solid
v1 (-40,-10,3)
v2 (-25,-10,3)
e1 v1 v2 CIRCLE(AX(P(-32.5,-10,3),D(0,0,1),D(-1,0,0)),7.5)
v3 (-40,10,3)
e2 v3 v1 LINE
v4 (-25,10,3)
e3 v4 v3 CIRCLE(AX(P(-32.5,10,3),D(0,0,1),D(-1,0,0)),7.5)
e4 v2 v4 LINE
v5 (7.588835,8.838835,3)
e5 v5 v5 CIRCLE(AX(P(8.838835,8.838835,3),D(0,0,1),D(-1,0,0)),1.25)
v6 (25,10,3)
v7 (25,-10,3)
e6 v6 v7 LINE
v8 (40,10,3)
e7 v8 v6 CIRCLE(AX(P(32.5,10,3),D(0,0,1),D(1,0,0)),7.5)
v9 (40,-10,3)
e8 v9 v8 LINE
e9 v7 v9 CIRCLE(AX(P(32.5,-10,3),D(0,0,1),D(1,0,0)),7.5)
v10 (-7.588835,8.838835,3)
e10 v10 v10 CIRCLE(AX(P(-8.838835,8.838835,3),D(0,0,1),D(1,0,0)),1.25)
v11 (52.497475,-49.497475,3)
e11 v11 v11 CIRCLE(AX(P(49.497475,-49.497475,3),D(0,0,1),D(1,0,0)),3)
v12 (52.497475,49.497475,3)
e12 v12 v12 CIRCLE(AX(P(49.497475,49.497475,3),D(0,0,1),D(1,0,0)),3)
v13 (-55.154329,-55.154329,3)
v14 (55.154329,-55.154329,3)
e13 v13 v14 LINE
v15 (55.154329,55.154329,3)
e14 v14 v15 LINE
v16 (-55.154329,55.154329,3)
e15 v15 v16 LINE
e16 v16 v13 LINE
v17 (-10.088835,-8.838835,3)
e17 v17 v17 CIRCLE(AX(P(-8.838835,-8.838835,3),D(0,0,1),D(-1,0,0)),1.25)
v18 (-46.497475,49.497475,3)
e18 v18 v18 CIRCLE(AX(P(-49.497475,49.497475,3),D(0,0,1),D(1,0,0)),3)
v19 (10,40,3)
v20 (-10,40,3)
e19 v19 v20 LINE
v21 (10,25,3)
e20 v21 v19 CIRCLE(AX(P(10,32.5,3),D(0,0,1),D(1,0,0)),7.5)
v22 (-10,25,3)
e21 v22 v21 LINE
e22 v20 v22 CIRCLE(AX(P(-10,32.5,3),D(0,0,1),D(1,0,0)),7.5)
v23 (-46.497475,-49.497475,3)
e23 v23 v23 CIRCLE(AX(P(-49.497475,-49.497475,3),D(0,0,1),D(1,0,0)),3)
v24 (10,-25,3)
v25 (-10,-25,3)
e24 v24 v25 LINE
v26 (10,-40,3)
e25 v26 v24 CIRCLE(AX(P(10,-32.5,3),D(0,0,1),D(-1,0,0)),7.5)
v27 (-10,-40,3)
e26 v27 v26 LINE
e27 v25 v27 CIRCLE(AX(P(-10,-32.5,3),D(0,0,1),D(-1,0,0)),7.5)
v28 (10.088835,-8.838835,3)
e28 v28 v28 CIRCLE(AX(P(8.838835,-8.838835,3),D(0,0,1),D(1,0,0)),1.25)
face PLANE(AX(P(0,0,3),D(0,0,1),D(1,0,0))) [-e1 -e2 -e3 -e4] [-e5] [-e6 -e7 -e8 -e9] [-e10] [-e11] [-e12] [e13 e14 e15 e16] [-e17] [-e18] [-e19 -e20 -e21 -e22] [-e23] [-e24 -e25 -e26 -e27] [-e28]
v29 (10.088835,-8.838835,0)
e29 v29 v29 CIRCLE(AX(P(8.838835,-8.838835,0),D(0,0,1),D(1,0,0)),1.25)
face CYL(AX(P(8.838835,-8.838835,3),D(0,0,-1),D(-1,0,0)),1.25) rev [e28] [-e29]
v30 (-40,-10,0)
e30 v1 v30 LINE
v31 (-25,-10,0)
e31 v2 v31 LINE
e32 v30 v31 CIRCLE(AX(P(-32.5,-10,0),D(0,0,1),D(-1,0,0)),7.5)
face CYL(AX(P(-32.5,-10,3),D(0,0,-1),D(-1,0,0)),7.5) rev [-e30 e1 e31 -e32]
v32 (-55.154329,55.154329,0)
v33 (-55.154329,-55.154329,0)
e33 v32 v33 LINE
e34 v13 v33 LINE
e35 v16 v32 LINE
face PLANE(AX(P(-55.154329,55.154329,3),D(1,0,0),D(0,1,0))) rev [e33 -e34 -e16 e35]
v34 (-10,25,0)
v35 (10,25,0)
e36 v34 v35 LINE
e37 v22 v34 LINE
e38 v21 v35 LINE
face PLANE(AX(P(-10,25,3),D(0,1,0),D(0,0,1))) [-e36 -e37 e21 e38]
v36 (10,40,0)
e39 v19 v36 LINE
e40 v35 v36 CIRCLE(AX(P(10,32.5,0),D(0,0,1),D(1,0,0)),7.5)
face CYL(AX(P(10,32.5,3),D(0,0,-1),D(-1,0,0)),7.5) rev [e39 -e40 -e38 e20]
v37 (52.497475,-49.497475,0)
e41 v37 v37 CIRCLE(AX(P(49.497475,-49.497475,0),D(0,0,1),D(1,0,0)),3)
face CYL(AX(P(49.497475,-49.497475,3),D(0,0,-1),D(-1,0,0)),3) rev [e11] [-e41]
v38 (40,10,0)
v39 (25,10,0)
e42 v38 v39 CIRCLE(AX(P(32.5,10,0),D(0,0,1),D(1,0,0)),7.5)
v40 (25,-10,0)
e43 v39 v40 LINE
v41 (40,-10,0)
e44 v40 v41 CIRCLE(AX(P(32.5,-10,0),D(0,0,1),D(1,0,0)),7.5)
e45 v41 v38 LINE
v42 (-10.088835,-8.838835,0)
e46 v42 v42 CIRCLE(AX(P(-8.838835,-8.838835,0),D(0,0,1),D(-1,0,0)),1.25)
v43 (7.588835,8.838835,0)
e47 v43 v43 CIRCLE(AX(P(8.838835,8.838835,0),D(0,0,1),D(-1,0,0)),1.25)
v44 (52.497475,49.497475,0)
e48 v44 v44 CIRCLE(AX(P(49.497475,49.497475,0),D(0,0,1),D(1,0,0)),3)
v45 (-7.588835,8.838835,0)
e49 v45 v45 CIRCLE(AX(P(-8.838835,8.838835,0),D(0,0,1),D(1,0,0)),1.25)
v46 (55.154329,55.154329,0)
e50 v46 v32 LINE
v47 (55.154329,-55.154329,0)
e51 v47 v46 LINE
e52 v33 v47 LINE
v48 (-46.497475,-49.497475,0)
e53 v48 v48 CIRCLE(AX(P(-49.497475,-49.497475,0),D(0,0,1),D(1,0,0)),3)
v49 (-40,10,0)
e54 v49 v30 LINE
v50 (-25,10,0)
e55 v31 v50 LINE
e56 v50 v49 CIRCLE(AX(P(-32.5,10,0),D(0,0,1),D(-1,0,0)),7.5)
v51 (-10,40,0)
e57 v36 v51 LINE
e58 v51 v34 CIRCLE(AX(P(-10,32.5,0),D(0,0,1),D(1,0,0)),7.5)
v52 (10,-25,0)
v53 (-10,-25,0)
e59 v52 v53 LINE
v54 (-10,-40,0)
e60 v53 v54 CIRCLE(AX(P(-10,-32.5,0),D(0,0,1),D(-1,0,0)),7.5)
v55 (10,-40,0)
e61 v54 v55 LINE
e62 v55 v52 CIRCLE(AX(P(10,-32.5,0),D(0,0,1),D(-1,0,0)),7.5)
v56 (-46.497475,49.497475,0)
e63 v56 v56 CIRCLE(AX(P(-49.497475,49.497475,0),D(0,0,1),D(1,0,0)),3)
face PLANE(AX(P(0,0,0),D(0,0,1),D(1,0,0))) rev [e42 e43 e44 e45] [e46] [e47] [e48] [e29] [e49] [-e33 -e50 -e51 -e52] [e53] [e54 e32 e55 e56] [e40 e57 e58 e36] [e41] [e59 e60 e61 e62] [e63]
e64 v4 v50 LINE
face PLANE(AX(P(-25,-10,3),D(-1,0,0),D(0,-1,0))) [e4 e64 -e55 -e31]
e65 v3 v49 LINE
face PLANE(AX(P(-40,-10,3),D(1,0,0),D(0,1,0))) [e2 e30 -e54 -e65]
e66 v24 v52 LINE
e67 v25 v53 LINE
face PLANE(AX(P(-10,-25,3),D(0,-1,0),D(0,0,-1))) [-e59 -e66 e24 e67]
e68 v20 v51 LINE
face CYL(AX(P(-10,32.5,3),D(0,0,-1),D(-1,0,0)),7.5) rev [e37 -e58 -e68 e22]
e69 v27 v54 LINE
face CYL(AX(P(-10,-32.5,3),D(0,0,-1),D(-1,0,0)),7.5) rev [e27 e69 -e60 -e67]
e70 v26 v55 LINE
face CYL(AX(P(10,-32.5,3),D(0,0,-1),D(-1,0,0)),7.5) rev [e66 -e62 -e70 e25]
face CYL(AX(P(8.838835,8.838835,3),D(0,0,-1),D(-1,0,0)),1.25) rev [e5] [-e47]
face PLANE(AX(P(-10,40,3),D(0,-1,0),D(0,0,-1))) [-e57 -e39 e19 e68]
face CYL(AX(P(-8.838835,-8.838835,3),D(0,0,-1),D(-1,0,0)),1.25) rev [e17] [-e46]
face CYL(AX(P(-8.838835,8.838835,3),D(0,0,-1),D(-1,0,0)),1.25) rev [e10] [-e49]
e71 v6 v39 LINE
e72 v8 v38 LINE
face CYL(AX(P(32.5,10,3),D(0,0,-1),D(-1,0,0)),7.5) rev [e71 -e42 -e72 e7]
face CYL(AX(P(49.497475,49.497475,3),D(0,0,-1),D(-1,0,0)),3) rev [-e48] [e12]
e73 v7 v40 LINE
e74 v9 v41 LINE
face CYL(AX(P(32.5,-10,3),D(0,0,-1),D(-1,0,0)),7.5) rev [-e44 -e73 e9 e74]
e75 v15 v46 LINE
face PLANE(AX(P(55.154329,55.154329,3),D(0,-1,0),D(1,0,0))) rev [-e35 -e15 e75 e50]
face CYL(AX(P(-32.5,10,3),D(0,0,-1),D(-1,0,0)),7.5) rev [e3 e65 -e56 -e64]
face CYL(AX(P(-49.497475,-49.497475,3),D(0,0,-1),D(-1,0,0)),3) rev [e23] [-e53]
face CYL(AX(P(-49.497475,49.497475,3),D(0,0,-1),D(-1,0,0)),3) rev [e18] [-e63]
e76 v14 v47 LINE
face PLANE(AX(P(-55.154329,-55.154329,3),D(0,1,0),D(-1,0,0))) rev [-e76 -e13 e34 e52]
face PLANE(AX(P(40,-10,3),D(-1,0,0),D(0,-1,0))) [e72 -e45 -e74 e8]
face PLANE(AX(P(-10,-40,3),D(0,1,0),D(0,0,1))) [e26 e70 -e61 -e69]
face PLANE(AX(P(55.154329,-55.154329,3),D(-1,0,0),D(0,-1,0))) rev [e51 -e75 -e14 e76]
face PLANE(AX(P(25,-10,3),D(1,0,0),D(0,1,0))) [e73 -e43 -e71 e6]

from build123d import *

# Parameters (mm, degrees)
CROQUIS3_W              = 110.308657866
CROQUIS3_H              = 110.308657866
CROQUIS3_R              = 1.25
CROQUIS3_R_2            = 3
SALIENTE_EXTRUIR1_DEPTH = 3


with BuildPart() as part:
    # Croquis3 → Saliente-Extruir1 (new body)
    with BuildSketch(Plane.XY):
        Rectangle(CROQUIS3_W, CROQUIS3_H)
        with Locations((-8.838834765, 8.838834765)):
            Circle(CROQUIS3_R, mode=Mode.SUBTRACT)
        with Locations((8.838834765, 8.838834765)):
            Circle(CROQUIS3_R, mode=Mode.SUBTRACT)
        with Locations((8.838834765, -8.838834765)):
            Circle(CROQUIS3_R, mode=Mode.SUBTRACT)
        with Locations((-8.838834765, -8.838834765)):
            Circle(CROQUIS3_R, mode=Mode.SUBTRACT)
        with Locations((-49.497474683, 49.497474683)):
            Circle(CROQUIS3_R_2, mode=Mode.SUBTRACT)
        with Locations((49.497474683, 49.497474683)):
            Circle(CROQUIS3_R_2, mode=Mode.SUBTRACT)
        with Locations((49.497474683, -49.497474683)):
            Circle(CROQUIS3_R_2, mode=Mode.SUBTRACT)
        with Locations((-49.497474683, -49.497474683)):
            Circle(CROQUIS3_R_2, mode=Mode.SUBTRACT)
        with BuildLine():
            Line((25, -10), (25, 10))
            ThreePointArc((25, 10), (32.5, 17.5), (40, 10))
            Line((40, 10), (40, -10))
            ThreePointArc((40, -10), (32.5, -17.5), (25, -10))
        make_face(mode=Mode.SUBTRACT)
        with BuildLine():
            Line((-25, -10), (-25, 10))
            ThreePointArc((-25, 10), (-32.5, 17.5), (-40, 10))
            Line((-40, 10), (-40, -10))
            ThreePointArc((-40, -10), (-32.5, -17.5), (-25, -10))
        make_face(mode=Mode.SUBTRACT)
        with BuildLine():
            Line((-10, 40), (10, 40))
            ThreePointArc((10, 40), (17.5, 32.5), (10, 25))
            Line((10, 25), (-10, 25))
            ThreePointArc((-10, 25), (-17.5, 32.5), (-10, 40))
        make_face(mode=Mode.SUBTRACT)
        with BuildLine():
            Line((-10, -40), (10, -40))
            ThreePointArc((10, -40), (17.5, -32.5), (10, -25))
            Line((10, -25), (-10, -25))
            ThreePointArc((-10, -25), (-17.5, -32.5), (-10, -40))
        make_face(mode=Mode.SUBTRACT)
    extrude(amount=SALIENTE_EXTRUIR1_DEPTH)


solid = part.part
